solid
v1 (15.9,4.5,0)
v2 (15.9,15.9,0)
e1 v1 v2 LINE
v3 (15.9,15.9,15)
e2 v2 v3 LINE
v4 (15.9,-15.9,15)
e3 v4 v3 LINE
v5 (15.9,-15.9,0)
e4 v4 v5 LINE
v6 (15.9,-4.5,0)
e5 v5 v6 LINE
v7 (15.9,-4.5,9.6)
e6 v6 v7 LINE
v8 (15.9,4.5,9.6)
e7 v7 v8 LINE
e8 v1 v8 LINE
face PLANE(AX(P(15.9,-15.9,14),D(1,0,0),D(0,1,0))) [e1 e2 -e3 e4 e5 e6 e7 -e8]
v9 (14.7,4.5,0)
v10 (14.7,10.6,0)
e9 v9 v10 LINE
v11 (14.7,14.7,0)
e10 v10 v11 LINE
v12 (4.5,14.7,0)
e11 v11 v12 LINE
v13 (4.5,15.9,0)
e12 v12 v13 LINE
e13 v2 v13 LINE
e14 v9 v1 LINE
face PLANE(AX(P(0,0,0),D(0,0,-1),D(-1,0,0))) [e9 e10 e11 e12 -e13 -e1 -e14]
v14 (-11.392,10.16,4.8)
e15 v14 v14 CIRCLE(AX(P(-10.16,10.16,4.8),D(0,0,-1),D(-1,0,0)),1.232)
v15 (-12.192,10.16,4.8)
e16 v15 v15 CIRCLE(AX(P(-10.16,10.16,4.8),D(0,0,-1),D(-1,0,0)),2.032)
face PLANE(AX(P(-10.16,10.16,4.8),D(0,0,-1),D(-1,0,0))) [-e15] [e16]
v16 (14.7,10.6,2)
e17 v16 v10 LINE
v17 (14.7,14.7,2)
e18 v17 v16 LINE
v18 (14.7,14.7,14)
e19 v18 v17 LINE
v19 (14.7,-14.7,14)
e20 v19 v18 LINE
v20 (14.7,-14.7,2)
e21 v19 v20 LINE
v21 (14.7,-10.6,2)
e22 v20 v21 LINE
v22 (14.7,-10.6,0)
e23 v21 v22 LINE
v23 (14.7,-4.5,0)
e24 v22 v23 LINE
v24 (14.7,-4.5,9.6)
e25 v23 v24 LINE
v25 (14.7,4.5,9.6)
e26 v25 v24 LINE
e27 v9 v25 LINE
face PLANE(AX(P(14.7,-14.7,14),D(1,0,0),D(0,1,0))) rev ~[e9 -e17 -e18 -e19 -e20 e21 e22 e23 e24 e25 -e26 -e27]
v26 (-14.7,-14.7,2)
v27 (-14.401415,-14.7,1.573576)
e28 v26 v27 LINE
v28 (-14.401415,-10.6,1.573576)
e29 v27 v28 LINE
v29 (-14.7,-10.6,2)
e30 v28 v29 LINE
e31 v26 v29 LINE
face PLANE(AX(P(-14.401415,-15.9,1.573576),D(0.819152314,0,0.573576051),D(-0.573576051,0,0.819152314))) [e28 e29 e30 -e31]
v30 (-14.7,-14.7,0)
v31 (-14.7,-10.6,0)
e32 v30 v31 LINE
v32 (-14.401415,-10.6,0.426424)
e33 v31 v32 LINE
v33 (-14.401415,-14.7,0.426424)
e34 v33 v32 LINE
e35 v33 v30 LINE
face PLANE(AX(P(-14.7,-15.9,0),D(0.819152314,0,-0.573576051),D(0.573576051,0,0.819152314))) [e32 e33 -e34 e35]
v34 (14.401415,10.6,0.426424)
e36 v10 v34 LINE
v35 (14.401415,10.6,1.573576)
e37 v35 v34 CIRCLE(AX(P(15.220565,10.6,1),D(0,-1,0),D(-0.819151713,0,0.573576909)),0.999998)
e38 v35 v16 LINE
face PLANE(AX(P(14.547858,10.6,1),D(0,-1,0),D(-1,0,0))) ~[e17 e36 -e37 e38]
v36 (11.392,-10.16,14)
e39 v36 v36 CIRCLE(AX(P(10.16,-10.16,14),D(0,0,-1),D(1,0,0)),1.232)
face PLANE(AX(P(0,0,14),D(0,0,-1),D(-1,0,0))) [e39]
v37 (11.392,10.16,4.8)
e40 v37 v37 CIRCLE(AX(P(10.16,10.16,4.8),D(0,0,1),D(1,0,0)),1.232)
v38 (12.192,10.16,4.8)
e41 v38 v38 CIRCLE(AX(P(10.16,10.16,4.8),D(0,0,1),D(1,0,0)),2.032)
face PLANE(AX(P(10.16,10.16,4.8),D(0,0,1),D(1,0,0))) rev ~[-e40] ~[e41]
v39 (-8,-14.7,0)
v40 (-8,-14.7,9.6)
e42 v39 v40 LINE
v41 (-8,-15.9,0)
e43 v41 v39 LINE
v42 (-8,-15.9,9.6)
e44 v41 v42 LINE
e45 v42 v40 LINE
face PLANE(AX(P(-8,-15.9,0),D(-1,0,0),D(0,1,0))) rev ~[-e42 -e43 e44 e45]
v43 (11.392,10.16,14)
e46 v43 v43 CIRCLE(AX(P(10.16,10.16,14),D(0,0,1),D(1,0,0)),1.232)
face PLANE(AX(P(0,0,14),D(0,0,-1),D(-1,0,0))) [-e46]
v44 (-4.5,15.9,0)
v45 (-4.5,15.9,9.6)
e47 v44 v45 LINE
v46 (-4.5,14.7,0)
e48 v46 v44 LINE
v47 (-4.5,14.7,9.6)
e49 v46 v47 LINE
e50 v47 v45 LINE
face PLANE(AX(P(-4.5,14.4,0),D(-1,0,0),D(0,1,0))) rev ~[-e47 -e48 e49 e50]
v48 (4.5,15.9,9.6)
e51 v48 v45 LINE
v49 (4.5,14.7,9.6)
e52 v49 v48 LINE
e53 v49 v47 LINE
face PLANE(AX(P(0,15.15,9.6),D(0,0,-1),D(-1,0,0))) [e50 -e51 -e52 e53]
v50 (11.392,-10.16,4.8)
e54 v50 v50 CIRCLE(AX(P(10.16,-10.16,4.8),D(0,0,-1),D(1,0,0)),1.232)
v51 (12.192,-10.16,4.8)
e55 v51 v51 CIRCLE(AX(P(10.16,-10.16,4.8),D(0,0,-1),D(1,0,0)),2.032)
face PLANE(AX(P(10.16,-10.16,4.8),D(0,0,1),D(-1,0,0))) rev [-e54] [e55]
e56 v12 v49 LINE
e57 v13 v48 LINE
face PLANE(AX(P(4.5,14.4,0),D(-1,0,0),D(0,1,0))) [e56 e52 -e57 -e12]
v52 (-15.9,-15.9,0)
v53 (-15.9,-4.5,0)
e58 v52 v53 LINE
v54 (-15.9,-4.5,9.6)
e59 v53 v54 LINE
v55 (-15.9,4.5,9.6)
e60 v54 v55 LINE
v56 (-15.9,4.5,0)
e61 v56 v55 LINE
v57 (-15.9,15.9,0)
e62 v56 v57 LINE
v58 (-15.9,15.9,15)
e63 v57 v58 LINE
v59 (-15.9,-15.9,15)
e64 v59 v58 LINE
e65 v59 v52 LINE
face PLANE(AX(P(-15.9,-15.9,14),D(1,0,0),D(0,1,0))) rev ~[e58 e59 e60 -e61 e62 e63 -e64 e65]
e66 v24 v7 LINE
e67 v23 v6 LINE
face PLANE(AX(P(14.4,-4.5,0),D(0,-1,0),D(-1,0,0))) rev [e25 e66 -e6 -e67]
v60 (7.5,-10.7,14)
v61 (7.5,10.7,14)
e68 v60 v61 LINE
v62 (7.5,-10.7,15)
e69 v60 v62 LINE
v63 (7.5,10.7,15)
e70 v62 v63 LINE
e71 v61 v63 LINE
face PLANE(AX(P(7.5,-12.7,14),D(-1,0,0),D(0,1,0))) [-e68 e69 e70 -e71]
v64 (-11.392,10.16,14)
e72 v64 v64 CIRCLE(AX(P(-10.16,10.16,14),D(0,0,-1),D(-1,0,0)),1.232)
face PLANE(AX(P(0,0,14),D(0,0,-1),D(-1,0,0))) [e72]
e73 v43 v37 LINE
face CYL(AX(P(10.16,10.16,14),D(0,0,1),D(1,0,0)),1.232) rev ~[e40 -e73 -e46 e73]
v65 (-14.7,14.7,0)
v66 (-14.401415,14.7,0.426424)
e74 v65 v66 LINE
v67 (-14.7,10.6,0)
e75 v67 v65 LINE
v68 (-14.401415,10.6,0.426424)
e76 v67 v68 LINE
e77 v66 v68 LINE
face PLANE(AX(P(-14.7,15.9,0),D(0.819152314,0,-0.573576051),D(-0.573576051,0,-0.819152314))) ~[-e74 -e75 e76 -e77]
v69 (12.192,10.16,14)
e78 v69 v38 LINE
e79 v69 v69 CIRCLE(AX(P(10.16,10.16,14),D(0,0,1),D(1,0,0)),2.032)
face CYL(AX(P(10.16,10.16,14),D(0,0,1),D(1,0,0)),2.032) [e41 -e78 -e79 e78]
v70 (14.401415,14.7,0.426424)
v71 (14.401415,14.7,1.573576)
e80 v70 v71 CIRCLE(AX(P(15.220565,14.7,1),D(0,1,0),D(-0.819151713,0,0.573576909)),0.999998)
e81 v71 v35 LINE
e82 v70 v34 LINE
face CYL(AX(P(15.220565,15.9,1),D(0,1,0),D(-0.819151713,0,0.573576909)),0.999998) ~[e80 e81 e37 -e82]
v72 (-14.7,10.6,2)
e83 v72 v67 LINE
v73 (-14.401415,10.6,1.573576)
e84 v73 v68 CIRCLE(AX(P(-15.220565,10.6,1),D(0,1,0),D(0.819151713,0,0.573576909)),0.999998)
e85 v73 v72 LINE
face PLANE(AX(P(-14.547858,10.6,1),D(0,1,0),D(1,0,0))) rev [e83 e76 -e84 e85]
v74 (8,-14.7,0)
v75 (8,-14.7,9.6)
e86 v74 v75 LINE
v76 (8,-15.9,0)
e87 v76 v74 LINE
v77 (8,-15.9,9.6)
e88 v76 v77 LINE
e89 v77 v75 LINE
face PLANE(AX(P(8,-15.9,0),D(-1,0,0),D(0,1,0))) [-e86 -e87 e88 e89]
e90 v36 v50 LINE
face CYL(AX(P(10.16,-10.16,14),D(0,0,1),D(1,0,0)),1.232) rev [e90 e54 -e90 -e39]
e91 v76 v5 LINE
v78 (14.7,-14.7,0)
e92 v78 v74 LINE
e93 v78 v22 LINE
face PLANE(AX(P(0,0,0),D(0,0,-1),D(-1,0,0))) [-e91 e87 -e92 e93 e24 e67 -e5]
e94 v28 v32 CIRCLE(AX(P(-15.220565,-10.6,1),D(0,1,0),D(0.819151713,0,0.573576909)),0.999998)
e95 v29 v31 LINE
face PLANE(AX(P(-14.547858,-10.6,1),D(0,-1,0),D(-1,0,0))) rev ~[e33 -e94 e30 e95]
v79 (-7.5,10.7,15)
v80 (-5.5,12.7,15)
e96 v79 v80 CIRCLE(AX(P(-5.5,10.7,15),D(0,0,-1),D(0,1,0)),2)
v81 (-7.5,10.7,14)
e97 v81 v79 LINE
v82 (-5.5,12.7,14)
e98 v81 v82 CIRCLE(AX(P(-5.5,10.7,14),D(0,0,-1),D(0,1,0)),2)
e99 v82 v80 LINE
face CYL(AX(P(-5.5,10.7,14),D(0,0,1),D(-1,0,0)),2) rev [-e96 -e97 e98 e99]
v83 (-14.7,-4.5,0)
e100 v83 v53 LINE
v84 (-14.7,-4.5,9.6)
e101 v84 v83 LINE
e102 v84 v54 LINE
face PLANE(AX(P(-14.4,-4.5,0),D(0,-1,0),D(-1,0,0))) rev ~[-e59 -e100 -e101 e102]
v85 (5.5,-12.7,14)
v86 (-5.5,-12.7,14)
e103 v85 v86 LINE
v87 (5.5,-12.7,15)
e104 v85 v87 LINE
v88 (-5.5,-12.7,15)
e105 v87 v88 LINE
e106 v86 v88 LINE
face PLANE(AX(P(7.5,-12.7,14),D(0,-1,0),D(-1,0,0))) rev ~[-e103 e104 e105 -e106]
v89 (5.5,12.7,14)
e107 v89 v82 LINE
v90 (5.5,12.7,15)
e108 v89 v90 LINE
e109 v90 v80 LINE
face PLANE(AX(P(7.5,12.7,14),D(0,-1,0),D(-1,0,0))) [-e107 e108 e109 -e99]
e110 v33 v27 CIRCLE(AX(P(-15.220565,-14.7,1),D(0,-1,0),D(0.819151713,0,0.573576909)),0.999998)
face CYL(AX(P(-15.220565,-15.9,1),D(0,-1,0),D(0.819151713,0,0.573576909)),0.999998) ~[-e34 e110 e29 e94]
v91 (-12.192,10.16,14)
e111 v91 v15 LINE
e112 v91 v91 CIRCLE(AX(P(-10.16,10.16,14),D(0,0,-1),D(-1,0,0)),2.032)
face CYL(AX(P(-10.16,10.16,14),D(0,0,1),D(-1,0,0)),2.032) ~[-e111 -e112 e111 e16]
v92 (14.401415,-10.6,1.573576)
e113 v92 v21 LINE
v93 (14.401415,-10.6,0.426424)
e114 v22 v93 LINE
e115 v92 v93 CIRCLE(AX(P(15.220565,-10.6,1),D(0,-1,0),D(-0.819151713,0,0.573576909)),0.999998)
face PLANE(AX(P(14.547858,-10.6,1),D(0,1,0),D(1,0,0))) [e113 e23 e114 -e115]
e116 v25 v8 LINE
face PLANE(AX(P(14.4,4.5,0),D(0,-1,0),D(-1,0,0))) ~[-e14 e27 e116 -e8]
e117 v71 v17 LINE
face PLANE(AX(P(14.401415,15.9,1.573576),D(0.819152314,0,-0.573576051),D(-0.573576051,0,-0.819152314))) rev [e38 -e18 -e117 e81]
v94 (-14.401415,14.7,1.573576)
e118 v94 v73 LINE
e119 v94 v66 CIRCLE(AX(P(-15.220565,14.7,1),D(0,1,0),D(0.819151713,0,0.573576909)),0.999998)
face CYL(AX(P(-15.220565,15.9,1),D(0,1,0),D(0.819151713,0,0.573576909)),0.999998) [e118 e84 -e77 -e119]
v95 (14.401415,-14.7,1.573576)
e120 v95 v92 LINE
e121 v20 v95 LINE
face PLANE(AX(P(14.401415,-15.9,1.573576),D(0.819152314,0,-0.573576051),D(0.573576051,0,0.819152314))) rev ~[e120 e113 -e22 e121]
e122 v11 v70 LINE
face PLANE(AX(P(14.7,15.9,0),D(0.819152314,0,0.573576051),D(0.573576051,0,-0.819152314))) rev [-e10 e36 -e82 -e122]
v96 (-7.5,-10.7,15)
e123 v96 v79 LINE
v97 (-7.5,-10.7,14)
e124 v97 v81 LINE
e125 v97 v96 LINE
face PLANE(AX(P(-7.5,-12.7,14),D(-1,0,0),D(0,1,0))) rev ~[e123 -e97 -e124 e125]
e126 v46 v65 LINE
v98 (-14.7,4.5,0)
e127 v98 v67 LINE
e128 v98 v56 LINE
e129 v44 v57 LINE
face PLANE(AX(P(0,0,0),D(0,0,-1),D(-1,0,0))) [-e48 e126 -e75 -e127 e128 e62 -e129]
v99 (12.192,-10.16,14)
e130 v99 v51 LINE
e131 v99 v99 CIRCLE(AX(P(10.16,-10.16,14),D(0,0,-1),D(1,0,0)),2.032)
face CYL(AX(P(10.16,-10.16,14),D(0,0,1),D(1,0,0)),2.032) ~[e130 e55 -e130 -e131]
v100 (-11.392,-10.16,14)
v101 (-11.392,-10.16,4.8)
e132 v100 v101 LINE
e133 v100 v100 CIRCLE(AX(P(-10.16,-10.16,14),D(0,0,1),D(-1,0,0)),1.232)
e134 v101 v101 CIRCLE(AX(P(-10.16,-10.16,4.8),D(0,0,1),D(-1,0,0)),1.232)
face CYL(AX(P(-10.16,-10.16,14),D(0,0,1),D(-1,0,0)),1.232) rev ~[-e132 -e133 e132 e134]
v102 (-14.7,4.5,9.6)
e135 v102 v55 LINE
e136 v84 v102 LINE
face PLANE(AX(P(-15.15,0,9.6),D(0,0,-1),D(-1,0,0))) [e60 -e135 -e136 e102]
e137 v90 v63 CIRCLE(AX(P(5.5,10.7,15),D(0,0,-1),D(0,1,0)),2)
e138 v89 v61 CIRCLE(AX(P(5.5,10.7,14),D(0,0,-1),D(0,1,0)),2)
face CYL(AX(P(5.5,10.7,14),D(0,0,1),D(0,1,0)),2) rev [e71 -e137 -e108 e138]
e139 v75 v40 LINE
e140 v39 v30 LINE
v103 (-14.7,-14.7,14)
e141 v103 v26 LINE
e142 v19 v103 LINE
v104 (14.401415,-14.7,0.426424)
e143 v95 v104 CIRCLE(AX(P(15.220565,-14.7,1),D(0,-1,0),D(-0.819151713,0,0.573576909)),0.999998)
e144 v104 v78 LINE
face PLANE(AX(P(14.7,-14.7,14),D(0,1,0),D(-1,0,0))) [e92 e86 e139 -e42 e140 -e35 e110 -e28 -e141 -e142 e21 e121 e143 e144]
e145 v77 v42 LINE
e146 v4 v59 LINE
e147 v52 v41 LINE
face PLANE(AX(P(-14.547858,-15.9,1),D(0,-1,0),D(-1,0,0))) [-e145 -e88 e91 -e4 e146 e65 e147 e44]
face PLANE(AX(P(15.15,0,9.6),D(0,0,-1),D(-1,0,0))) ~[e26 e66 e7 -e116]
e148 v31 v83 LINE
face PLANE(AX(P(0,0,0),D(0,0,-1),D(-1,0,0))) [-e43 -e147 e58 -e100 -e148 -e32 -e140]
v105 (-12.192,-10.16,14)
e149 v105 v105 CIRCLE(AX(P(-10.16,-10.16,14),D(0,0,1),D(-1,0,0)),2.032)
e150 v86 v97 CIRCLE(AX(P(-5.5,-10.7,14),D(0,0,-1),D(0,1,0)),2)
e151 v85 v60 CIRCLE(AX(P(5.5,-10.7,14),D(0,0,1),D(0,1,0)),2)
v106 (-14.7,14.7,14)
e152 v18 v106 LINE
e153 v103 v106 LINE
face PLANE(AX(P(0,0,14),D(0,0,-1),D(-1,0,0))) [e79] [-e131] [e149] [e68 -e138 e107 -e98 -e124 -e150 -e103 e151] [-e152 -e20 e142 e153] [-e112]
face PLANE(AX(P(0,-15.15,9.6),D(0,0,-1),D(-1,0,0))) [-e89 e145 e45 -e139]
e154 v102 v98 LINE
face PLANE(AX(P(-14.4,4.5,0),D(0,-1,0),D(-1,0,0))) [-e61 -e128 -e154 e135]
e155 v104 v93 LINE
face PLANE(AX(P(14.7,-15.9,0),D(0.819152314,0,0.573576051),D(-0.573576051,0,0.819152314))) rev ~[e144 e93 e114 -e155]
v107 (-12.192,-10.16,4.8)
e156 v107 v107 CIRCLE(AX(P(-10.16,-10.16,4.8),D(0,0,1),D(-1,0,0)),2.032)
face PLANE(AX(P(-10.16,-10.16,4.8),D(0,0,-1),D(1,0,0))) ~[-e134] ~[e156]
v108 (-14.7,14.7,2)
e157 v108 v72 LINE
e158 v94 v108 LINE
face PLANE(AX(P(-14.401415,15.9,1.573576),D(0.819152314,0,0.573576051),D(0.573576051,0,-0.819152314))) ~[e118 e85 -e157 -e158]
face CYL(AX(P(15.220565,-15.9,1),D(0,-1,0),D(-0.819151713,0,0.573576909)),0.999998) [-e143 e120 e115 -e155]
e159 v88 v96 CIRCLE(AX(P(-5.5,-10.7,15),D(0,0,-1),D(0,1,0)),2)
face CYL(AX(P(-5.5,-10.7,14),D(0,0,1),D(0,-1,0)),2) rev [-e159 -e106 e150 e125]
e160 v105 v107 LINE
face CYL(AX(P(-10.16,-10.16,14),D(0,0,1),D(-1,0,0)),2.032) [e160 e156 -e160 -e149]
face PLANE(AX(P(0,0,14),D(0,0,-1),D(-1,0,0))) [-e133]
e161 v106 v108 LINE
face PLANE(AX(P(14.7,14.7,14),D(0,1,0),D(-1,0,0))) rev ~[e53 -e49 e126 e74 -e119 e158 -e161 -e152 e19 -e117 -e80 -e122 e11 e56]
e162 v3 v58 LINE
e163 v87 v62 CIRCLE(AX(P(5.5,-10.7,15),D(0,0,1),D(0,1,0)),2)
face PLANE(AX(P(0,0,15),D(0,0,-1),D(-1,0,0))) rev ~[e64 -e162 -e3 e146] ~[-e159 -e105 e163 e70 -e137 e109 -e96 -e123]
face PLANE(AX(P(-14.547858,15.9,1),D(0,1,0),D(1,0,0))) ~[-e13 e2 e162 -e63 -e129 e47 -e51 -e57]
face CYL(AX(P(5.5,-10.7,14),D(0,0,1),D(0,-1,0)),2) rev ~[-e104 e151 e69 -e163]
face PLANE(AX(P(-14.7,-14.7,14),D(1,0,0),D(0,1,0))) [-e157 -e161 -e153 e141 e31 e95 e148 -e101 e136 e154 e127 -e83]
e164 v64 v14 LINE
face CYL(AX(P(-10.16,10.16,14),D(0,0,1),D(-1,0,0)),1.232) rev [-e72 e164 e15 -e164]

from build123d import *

# Parameters (mm, degrees)
SKETCH007_W                 = 31.8
SKETCH007_H                 = 31.8
PAD006_DEPTH                = 1
SKETCH009_W                 = 15
SKETCH009_H                 = 25.4
POCKET001_DEPTH             = 1.001
SKETCH010_R                 = 2.032
SKETCH010_R_2               = 1.232
PAD008_DEPTH                = 9.2
SKETCH010_MIRRORED009_2_R   = 2.032
SKETCH010_MIRRORED009_2_R_2 = 1.232
PAD008_MIRRORED009_2_DEPTH  = 9.2
SKETCH027_W                 = 31.8
SKETCH027_H                 = 31.8
SKETCH027_W_2               = 29.4
SKETCH027_H_2               = 29.4
PAD016_DEPTH                = 14
PAD017_DEPTH                = 5.3
PAD017_MIRRORED025_2_DEPTH  = 5.3
SKETCH029_W                 = 9
SKETCH029_H                 = 1.5
SKETCH029_W_2               = 16
POCKET010_DEPTH             = 9.6
SKETCH030_W                 = 1.5
SKETCH030_H                 = 9
POCKET011_DEPTH             = 9.6
FILLET013_R                 = 2
BODY002_PLACEMENT_ANGLE     = 180


with BuildPart() as part:
    # Sketch007 → Pad006 (new body)
    with BuildSketch(Plane.XY):
        Rectangle(SKETCH007_W, SKETCH007_H)
    extrude(amount=PAD006_DEPTH)

    # Sketch009 → Pocket001 (cut, through all)
    with BuildSketch(Plane.XY.offset(1)):
        Rectangle(SKETCH009_W, SKETCH009_H)
    extrude(amount=-POCKET001_DEPTH, mode=Mode.SUBTRACT)

    # Sketch010 (on Face5 of Pocket001) → Pad008 (join)
    with BuildSketch(Plane.XY.offset(1)):
        with Locations((10.16, 10.16)):
            Circle(SKETCH010_R)
        with Locations((10.16, 10.16)):
            Circle(SKETCH010_R_2, mode=Mode.SUBTRACT)
    pad008 = extrude(amount=PAD008_DEPTH)

    # Sketch010 Mirrored009 2 → Pad008 Mirrored009 2 (add)
    with BuildSketch(Plane(origin=(0, 0, 1), x_dir=(-1, 0, 0), z_dir=(0, 0, -1))):
        with Locations((10.16, 10.16)):
            Circle(SKETCH010_MIRRORED009_2_R)
        with Locations((10.16, 10.16)):
            Circle(SKETCH010_MIRRORED009_2_R_2, mode=Mode.SUBTRACT)
    pad008_mirrored009_2 = extrude(amount=-PAD008_MIRRORED009_2_DEPTH)

    # Mirrored010: Pad008, Pad008 Mirrored009 2 across Sketch010 H_Axis
    add(pad008.mirror(Plane(origin=(0, 0, 1), x_dir=(0, 0, 1), z_dir=(0, 1, 0))))
    add(pad008_mirrored009_2.mirror(Plane(origin=(0, 0, 1), x_dir=(0, 0, 1), z_dir=(0, 1, 0))))

    # Sketch027 (on Face5 of MultiTransform006) → Pad016 (join)
    with BuildSketch(Plane.XY.offset(1)):
        Rectangle(SKETCH027_W, SKETCH027_H)
        Rectangle(SKETCH027_W_2, SKETCH027_H_2, mode=Mode.SUBTRACT)
    extrude(amount=PAD016_DEPTH)

    # Sketch028 (on Face14 of Pad016) → Pad017 (join)
    with BuildSketch(Plane.XZ.offset(15.9)):
        with BuildLine():
            Line((-14.7, 13), (-14.7, 15))
            Line((-14.7, 15), (-14.401415, 14.573576))
            ThreePointArc((-14.401415, 13.426424), (-14.220567, 14), (-14.401415, 14.573576))
            Line((-14.401415, 13.426424), (-14.7, 13))
        make_face()
    pad017 = extrude(amount=-PAD017_DEPTH)

    # Sketch028 Mirrored025 2 → Pad017 Mirrored025 2 (add)
    with BuildSketch(Plane(origin=(0, -15.9, 0), x_dir=(-1, 0, 0), z_dir=(0, 1, 0))):
        with BuildLine():
            Line((-14.7, 13), (-14.7, 15))
            Line((-14.7, 15), (-14.401415, 14.573576))
            ThreePointArc((-14.401415, 13.426424), (-14.220567, 14), (-14.401415, 14.573576))
            Line((-14.401415, 13.426424), (-14.7, 13))
        make_face()
    pad017_mirrored025_2 = extrude(amount=PAD017_MIRRORED025_2_DEPTH)

    # Mirrored026: Pad017, Pad017 Mirrored025 2 across XZ
    add(pad017.mirror(Plane.XZ))
    add(pad017_mirrored025_2.mirror(Plane.XZ))

    # Sketch029 (on Face23 of MultiTransform012) → Pocket010 (cut)
    with BuildSketch(Plane.XY.offset(15)):
        with Locations((0, 15.15)):
            Rectangle(SKETCH029_W, SKETCH029_H)
        with Locations((0, -15.15)):
            Rectangle(SKETCH029_W_2, SKETCH029_H)
    extrude(amount=-POCKET010_DEPTH, mode=Mode.SUBTRACT)

    # Sketch030 (on Face18 of Pocket010) → Pocket011 (cut)
    with BuildSketch(Plane.XY.offset(15)):
        with Locations((15.15, 0)):
            Rectangle(SKETCH030_W, SKETCH030_H)
    pocket011 = extrude(amount=-POCKET011_DEPTH, mode=Mode.SUBTRACT)

    # Mirrored027: Pocket011 across Sketch030 V_Axis
    add(pocket011.mirror(Plane(origin=(0, 0, 15), x_dir=(0, 0, 1), z_dir=(1, 0, 0))), mode=Mode.SUBTRACT)

    # Fillet013
    fillet013_edges = [part.edges().sort_by_distance(p)[0] for p in [
        (7.5, 12.7, 0.5),
        (-7.5, 12.7, 0.5),
        (7.5, -12.7, 0.5),
        (-7.5, -12.7, 0.5),
    ]]
    fillet(fillet013_edges, radius=FILLET013_R)


with BuildPart() as part_1:
    # Body002 placement: moved
    add(part.part.moved(Location((0, 0, 15))).rotate(Axis((0, 0, 15), (0, 1, 0)), BODY002_PLACEMENT_ANGLE))


solid = part_1.part
